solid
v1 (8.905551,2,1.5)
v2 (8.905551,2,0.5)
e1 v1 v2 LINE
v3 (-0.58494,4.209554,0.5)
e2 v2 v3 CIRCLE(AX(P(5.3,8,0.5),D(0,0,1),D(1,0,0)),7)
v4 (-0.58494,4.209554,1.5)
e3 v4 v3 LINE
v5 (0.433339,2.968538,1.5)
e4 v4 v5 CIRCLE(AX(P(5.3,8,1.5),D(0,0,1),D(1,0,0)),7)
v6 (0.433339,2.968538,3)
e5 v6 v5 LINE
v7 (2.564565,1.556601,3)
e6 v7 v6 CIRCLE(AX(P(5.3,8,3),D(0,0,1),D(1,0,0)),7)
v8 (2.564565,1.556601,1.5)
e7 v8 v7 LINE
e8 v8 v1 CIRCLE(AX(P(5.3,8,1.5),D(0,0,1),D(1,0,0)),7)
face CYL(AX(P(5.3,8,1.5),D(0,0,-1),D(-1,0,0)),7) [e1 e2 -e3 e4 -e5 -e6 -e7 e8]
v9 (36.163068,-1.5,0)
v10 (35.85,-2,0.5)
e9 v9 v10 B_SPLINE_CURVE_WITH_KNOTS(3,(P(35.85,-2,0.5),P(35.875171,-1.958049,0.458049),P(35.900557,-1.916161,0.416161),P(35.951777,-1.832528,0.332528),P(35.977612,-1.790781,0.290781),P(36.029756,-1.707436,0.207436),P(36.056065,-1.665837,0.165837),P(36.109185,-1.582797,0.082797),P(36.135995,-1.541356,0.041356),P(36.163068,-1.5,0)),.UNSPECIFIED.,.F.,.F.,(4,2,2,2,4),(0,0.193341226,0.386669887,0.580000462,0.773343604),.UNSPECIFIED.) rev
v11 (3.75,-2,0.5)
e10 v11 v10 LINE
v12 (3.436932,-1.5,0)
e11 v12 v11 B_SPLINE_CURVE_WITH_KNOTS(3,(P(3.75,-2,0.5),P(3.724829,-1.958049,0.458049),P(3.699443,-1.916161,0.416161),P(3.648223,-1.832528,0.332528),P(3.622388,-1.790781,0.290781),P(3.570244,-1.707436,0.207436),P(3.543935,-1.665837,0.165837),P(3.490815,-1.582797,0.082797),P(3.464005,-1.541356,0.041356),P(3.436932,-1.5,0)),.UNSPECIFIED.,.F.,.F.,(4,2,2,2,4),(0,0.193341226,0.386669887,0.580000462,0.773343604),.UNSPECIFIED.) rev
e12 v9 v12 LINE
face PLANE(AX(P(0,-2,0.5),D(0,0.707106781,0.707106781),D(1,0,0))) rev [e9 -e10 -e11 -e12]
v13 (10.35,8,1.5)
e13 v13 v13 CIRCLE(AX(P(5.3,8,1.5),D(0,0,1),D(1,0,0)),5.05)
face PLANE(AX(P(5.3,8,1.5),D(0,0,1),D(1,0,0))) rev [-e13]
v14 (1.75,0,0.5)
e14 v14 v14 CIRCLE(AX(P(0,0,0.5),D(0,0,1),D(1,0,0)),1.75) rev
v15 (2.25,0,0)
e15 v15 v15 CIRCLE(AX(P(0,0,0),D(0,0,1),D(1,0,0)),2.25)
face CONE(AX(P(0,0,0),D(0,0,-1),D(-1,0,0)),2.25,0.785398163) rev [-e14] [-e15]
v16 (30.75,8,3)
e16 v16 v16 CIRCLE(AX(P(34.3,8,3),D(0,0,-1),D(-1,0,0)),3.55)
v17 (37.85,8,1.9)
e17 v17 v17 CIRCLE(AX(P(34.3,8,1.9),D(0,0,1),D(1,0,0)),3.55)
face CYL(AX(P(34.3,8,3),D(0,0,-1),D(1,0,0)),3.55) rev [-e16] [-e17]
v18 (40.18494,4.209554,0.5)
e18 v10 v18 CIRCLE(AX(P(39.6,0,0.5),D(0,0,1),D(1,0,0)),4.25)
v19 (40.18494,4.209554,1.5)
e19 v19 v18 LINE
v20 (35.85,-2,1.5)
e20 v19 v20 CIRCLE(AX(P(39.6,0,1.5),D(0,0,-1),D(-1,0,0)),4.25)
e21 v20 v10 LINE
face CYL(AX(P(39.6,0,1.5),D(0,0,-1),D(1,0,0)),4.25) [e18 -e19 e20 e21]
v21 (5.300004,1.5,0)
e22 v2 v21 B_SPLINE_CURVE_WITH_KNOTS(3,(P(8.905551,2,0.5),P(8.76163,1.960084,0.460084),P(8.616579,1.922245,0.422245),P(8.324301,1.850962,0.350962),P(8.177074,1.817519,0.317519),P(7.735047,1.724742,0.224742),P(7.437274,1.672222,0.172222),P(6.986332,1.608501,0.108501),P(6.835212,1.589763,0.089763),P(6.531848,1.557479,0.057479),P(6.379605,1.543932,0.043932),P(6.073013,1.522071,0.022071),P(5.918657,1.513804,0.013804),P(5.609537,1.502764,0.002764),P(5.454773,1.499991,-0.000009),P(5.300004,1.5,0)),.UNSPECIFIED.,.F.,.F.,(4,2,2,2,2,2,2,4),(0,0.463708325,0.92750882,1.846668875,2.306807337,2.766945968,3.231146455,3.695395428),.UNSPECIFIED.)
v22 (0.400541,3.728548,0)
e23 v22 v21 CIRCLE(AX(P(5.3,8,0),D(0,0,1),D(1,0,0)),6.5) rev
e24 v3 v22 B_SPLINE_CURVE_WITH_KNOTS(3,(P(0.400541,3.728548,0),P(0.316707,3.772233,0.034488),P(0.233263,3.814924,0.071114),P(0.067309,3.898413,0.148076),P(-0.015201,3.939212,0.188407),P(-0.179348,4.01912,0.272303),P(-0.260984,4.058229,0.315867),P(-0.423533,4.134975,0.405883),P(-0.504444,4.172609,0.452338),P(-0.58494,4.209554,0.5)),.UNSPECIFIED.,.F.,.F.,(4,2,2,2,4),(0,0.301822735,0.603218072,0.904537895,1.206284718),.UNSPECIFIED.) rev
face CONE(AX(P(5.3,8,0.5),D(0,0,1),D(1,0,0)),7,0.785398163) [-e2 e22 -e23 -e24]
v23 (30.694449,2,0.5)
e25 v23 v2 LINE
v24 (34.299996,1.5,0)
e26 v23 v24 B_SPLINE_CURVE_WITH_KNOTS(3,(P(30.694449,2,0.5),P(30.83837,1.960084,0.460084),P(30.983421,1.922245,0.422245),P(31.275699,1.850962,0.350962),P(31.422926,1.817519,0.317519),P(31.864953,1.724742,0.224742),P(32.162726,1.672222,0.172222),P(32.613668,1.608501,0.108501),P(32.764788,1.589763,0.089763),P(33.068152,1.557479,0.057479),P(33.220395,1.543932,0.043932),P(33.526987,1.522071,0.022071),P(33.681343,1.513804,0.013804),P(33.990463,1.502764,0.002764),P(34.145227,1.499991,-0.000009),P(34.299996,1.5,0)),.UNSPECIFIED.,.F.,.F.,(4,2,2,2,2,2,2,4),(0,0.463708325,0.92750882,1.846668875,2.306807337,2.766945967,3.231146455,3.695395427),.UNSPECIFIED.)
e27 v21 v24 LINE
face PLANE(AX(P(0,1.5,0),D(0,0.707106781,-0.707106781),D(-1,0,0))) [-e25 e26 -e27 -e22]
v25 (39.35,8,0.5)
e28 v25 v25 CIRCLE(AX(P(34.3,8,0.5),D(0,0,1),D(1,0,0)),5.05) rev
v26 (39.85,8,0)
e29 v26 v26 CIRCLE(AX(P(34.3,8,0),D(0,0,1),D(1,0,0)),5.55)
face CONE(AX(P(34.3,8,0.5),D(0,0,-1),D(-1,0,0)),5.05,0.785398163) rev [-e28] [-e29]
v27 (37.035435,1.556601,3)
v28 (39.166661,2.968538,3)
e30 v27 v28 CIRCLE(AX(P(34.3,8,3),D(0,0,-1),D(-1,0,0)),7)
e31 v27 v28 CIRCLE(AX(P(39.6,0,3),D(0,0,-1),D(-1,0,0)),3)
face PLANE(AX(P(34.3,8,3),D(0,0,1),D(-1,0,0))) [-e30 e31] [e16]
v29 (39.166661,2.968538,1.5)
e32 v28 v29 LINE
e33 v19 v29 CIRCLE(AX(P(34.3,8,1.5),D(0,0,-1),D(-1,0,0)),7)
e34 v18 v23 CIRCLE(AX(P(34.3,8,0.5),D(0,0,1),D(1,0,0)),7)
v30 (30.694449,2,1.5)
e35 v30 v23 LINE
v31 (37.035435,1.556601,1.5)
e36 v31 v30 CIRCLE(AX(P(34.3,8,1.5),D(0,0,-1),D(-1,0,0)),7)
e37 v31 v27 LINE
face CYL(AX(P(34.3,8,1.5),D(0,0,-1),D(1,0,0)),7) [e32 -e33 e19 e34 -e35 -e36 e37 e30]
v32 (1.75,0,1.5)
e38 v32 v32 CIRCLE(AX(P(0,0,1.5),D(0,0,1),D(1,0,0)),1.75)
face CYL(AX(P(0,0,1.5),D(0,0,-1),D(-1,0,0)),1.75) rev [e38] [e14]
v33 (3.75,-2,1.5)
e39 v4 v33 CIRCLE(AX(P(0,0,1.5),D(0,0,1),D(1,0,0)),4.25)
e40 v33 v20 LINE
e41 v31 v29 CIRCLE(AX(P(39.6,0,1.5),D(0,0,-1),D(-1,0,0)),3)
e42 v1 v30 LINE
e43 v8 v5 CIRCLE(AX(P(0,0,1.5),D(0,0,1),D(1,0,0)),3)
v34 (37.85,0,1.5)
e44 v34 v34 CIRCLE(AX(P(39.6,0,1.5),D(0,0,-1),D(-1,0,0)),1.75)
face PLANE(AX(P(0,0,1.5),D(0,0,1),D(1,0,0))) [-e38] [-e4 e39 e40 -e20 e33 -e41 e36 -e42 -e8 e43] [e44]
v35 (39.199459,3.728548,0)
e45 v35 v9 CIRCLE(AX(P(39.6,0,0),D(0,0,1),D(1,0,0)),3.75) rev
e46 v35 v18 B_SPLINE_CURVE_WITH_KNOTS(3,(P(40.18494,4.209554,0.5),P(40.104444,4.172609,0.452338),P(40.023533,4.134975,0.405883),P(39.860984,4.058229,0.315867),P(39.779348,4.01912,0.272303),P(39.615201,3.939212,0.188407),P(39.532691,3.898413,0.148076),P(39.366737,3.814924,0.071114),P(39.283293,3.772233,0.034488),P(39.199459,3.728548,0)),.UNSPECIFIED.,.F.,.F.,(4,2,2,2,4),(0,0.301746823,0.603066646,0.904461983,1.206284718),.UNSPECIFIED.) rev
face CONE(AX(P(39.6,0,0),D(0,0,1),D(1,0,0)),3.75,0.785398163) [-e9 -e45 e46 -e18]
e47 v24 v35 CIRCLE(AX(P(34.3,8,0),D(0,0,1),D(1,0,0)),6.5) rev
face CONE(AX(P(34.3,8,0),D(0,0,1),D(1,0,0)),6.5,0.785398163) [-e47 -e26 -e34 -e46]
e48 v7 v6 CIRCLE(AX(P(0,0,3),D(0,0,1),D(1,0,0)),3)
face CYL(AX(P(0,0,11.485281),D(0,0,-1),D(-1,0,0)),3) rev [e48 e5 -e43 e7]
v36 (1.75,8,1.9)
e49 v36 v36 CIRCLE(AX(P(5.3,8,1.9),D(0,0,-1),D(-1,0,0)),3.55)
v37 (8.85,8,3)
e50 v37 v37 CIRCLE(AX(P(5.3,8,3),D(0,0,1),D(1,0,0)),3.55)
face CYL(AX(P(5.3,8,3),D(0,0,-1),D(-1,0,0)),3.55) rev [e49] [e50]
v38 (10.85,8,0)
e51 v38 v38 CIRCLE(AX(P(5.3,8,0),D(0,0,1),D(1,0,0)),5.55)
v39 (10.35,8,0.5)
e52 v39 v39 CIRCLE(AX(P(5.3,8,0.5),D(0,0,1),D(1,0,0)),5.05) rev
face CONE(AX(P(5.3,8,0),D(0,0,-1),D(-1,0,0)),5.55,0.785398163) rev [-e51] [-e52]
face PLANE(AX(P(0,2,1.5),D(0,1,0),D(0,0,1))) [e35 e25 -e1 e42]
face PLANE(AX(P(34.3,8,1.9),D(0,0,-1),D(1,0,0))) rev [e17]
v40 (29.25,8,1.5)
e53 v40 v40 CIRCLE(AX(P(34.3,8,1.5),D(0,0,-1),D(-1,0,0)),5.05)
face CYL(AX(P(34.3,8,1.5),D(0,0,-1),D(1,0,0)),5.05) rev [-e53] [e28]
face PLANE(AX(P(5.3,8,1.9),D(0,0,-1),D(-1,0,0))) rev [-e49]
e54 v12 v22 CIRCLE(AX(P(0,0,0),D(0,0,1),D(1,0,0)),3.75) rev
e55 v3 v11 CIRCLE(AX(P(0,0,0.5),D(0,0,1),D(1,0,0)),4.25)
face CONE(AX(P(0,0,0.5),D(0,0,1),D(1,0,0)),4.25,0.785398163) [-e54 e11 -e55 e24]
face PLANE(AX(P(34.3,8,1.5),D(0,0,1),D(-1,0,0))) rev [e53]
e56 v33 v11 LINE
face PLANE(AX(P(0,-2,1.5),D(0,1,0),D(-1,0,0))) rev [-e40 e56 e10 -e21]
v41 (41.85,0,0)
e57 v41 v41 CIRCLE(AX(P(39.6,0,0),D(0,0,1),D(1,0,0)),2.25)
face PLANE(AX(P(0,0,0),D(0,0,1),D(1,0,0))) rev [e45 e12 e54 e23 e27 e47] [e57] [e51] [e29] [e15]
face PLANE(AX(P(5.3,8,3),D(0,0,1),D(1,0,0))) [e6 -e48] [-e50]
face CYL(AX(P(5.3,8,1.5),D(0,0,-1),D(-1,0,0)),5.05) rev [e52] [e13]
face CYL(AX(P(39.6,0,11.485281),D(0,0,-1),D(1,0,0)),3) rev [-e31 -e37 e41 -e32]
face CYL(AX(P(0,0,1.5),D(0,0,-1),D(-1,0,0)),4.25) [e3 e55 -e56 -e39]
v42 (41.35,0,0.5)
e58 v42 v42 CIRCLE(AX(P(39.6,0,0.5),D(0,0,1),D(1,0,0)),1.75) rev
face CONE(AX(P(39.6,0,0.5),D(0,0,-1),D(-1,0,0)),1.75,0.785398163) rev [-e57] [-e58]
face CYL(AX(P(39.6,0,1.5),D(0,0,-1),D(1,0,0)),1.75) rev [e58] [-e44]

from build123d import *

# Parameters (mm, degrees)
CROQUIS1_R              = 5.05
CROQUIS1_R_2            = 1.7500000000000002
SALIENTE_EXTRUIR1_DEPTH = 1.5
CROQUIS8_R              = 7
CROQUIS8_R_2            = 3.5499999999999994
SALIENTE_EXTRUIR5_DEPTH = 1.5
CROQUIS9_R              = 3
CORTAR_EXTRUIR3_DEPTH   = 1.5
CROQUIS10_R             = 3.55
SALIENTE_EXTRUIR6_DEPTH = 0.4
CHAFL_N1_SIZE           = 0.5


with BuildPart() as part:
    # Croquis1 → Saliente-Extruir1 (new body)
    with BuildSketch(Plane.XY):
        with BuildLine():
            Line((3.75, -2.0000000000000004), (19.8, -2))
            Line((19.8, -2), (19.8, 2))
            Line((19.8, 2), (8.90555127546391, 2))
            ThreePointArc((8.905551275463925, 1.9999999999999556), (6.887272990754048, 14.817665616090519), (-0.5849400470518447, 4.209554031171866))
            ThreePointArc((-0.5849400470518499, 4.209554031171828), (-3.484830188538549, -2.4327882269220193), (3.7499999999999996, -2.0000000000000013))
        make_face()
        with Locations((5.299999999999999, 8)):
            Circle(CROQUIS1_R, mode=Mode.SUBTRACT)
        Circle(CROQUIS1_R_2, mode=Mode.SUBTRACT)
    extrude(amount=SALIENTE_EXTRUIR1_DEPTH)

    # Croquis8 → Saliente-Extruir5 (add)
    with BuildSketch(Plane.XY.offset(1.5)):
        with Locations(Location((5.299999999999999, 8, 0), (0, 0, 212.785282787))):
            Circle(CROQUIS8_R)
        with Locations((5.299999999999999, 8)):
            Circle(CROQUIS8_R_2, mode=Mode.SUBTRACT)
    extrude(amount=SALIENTE_EXTRUIR5_DEPTH)

    # Croquis9 → Cortar-Extruir3 (cut)
    with BuildSketch(Plane.XY.offset(1.5)):
        Circle(CROQUIS9_R)
    extrude(amount=CORTAR_EXTRUIR3_DEPTH, mode=Mode.SUBTRACT)

    # Croquis10 → Saliente-Extruir6 (add)
    with BuildSketch(Plane(origin=(0, 0, 1.5), x_dir=(-1, 0, 0), z_dir=(0, 0, -1))):
        with Locations((-5.299999999999999, 8)):
            Circle(CROQUIS10_R)
    extrude(amount=-SALIENTE_EXTRUIR6_DEPTH)

    # Simetría1: part across plane


with BuildPart() as part_1:
    add(part.part)
    add(part.part.mirror(Plane(origin=(19.8, 0, 1.5), x_dir=(0, 0, 1), z_dir=(1, 0, 0))))

    # Chaflán1
    chafl_n1_edges = [part_1.edges().sort_by_distance(p)[0] for p in [
        (19.8, -2.000000000000001, 0),
        (-3.484830188538548, -2.4327882269220202, 0),
        (6.887272990754054, 14.817665616090517, 0),
        (41.35, 2.1e-16, 0),
        (39.35, 8, 0),
        (32.712727009245945, 14.817665616090517, 0),
        (43.08483018853855, -2.4327882269220202, 0),
        (0.2499999999999991, 8, 0),
        (-1.7500000000000002, 2.1e-16, 0),
        (19.8, 1.999999999999977, 0),
    ]]
    chamfer(chafl_n1_edges, length=CHAFL_N1_SIZE)


solid = part_1.part
